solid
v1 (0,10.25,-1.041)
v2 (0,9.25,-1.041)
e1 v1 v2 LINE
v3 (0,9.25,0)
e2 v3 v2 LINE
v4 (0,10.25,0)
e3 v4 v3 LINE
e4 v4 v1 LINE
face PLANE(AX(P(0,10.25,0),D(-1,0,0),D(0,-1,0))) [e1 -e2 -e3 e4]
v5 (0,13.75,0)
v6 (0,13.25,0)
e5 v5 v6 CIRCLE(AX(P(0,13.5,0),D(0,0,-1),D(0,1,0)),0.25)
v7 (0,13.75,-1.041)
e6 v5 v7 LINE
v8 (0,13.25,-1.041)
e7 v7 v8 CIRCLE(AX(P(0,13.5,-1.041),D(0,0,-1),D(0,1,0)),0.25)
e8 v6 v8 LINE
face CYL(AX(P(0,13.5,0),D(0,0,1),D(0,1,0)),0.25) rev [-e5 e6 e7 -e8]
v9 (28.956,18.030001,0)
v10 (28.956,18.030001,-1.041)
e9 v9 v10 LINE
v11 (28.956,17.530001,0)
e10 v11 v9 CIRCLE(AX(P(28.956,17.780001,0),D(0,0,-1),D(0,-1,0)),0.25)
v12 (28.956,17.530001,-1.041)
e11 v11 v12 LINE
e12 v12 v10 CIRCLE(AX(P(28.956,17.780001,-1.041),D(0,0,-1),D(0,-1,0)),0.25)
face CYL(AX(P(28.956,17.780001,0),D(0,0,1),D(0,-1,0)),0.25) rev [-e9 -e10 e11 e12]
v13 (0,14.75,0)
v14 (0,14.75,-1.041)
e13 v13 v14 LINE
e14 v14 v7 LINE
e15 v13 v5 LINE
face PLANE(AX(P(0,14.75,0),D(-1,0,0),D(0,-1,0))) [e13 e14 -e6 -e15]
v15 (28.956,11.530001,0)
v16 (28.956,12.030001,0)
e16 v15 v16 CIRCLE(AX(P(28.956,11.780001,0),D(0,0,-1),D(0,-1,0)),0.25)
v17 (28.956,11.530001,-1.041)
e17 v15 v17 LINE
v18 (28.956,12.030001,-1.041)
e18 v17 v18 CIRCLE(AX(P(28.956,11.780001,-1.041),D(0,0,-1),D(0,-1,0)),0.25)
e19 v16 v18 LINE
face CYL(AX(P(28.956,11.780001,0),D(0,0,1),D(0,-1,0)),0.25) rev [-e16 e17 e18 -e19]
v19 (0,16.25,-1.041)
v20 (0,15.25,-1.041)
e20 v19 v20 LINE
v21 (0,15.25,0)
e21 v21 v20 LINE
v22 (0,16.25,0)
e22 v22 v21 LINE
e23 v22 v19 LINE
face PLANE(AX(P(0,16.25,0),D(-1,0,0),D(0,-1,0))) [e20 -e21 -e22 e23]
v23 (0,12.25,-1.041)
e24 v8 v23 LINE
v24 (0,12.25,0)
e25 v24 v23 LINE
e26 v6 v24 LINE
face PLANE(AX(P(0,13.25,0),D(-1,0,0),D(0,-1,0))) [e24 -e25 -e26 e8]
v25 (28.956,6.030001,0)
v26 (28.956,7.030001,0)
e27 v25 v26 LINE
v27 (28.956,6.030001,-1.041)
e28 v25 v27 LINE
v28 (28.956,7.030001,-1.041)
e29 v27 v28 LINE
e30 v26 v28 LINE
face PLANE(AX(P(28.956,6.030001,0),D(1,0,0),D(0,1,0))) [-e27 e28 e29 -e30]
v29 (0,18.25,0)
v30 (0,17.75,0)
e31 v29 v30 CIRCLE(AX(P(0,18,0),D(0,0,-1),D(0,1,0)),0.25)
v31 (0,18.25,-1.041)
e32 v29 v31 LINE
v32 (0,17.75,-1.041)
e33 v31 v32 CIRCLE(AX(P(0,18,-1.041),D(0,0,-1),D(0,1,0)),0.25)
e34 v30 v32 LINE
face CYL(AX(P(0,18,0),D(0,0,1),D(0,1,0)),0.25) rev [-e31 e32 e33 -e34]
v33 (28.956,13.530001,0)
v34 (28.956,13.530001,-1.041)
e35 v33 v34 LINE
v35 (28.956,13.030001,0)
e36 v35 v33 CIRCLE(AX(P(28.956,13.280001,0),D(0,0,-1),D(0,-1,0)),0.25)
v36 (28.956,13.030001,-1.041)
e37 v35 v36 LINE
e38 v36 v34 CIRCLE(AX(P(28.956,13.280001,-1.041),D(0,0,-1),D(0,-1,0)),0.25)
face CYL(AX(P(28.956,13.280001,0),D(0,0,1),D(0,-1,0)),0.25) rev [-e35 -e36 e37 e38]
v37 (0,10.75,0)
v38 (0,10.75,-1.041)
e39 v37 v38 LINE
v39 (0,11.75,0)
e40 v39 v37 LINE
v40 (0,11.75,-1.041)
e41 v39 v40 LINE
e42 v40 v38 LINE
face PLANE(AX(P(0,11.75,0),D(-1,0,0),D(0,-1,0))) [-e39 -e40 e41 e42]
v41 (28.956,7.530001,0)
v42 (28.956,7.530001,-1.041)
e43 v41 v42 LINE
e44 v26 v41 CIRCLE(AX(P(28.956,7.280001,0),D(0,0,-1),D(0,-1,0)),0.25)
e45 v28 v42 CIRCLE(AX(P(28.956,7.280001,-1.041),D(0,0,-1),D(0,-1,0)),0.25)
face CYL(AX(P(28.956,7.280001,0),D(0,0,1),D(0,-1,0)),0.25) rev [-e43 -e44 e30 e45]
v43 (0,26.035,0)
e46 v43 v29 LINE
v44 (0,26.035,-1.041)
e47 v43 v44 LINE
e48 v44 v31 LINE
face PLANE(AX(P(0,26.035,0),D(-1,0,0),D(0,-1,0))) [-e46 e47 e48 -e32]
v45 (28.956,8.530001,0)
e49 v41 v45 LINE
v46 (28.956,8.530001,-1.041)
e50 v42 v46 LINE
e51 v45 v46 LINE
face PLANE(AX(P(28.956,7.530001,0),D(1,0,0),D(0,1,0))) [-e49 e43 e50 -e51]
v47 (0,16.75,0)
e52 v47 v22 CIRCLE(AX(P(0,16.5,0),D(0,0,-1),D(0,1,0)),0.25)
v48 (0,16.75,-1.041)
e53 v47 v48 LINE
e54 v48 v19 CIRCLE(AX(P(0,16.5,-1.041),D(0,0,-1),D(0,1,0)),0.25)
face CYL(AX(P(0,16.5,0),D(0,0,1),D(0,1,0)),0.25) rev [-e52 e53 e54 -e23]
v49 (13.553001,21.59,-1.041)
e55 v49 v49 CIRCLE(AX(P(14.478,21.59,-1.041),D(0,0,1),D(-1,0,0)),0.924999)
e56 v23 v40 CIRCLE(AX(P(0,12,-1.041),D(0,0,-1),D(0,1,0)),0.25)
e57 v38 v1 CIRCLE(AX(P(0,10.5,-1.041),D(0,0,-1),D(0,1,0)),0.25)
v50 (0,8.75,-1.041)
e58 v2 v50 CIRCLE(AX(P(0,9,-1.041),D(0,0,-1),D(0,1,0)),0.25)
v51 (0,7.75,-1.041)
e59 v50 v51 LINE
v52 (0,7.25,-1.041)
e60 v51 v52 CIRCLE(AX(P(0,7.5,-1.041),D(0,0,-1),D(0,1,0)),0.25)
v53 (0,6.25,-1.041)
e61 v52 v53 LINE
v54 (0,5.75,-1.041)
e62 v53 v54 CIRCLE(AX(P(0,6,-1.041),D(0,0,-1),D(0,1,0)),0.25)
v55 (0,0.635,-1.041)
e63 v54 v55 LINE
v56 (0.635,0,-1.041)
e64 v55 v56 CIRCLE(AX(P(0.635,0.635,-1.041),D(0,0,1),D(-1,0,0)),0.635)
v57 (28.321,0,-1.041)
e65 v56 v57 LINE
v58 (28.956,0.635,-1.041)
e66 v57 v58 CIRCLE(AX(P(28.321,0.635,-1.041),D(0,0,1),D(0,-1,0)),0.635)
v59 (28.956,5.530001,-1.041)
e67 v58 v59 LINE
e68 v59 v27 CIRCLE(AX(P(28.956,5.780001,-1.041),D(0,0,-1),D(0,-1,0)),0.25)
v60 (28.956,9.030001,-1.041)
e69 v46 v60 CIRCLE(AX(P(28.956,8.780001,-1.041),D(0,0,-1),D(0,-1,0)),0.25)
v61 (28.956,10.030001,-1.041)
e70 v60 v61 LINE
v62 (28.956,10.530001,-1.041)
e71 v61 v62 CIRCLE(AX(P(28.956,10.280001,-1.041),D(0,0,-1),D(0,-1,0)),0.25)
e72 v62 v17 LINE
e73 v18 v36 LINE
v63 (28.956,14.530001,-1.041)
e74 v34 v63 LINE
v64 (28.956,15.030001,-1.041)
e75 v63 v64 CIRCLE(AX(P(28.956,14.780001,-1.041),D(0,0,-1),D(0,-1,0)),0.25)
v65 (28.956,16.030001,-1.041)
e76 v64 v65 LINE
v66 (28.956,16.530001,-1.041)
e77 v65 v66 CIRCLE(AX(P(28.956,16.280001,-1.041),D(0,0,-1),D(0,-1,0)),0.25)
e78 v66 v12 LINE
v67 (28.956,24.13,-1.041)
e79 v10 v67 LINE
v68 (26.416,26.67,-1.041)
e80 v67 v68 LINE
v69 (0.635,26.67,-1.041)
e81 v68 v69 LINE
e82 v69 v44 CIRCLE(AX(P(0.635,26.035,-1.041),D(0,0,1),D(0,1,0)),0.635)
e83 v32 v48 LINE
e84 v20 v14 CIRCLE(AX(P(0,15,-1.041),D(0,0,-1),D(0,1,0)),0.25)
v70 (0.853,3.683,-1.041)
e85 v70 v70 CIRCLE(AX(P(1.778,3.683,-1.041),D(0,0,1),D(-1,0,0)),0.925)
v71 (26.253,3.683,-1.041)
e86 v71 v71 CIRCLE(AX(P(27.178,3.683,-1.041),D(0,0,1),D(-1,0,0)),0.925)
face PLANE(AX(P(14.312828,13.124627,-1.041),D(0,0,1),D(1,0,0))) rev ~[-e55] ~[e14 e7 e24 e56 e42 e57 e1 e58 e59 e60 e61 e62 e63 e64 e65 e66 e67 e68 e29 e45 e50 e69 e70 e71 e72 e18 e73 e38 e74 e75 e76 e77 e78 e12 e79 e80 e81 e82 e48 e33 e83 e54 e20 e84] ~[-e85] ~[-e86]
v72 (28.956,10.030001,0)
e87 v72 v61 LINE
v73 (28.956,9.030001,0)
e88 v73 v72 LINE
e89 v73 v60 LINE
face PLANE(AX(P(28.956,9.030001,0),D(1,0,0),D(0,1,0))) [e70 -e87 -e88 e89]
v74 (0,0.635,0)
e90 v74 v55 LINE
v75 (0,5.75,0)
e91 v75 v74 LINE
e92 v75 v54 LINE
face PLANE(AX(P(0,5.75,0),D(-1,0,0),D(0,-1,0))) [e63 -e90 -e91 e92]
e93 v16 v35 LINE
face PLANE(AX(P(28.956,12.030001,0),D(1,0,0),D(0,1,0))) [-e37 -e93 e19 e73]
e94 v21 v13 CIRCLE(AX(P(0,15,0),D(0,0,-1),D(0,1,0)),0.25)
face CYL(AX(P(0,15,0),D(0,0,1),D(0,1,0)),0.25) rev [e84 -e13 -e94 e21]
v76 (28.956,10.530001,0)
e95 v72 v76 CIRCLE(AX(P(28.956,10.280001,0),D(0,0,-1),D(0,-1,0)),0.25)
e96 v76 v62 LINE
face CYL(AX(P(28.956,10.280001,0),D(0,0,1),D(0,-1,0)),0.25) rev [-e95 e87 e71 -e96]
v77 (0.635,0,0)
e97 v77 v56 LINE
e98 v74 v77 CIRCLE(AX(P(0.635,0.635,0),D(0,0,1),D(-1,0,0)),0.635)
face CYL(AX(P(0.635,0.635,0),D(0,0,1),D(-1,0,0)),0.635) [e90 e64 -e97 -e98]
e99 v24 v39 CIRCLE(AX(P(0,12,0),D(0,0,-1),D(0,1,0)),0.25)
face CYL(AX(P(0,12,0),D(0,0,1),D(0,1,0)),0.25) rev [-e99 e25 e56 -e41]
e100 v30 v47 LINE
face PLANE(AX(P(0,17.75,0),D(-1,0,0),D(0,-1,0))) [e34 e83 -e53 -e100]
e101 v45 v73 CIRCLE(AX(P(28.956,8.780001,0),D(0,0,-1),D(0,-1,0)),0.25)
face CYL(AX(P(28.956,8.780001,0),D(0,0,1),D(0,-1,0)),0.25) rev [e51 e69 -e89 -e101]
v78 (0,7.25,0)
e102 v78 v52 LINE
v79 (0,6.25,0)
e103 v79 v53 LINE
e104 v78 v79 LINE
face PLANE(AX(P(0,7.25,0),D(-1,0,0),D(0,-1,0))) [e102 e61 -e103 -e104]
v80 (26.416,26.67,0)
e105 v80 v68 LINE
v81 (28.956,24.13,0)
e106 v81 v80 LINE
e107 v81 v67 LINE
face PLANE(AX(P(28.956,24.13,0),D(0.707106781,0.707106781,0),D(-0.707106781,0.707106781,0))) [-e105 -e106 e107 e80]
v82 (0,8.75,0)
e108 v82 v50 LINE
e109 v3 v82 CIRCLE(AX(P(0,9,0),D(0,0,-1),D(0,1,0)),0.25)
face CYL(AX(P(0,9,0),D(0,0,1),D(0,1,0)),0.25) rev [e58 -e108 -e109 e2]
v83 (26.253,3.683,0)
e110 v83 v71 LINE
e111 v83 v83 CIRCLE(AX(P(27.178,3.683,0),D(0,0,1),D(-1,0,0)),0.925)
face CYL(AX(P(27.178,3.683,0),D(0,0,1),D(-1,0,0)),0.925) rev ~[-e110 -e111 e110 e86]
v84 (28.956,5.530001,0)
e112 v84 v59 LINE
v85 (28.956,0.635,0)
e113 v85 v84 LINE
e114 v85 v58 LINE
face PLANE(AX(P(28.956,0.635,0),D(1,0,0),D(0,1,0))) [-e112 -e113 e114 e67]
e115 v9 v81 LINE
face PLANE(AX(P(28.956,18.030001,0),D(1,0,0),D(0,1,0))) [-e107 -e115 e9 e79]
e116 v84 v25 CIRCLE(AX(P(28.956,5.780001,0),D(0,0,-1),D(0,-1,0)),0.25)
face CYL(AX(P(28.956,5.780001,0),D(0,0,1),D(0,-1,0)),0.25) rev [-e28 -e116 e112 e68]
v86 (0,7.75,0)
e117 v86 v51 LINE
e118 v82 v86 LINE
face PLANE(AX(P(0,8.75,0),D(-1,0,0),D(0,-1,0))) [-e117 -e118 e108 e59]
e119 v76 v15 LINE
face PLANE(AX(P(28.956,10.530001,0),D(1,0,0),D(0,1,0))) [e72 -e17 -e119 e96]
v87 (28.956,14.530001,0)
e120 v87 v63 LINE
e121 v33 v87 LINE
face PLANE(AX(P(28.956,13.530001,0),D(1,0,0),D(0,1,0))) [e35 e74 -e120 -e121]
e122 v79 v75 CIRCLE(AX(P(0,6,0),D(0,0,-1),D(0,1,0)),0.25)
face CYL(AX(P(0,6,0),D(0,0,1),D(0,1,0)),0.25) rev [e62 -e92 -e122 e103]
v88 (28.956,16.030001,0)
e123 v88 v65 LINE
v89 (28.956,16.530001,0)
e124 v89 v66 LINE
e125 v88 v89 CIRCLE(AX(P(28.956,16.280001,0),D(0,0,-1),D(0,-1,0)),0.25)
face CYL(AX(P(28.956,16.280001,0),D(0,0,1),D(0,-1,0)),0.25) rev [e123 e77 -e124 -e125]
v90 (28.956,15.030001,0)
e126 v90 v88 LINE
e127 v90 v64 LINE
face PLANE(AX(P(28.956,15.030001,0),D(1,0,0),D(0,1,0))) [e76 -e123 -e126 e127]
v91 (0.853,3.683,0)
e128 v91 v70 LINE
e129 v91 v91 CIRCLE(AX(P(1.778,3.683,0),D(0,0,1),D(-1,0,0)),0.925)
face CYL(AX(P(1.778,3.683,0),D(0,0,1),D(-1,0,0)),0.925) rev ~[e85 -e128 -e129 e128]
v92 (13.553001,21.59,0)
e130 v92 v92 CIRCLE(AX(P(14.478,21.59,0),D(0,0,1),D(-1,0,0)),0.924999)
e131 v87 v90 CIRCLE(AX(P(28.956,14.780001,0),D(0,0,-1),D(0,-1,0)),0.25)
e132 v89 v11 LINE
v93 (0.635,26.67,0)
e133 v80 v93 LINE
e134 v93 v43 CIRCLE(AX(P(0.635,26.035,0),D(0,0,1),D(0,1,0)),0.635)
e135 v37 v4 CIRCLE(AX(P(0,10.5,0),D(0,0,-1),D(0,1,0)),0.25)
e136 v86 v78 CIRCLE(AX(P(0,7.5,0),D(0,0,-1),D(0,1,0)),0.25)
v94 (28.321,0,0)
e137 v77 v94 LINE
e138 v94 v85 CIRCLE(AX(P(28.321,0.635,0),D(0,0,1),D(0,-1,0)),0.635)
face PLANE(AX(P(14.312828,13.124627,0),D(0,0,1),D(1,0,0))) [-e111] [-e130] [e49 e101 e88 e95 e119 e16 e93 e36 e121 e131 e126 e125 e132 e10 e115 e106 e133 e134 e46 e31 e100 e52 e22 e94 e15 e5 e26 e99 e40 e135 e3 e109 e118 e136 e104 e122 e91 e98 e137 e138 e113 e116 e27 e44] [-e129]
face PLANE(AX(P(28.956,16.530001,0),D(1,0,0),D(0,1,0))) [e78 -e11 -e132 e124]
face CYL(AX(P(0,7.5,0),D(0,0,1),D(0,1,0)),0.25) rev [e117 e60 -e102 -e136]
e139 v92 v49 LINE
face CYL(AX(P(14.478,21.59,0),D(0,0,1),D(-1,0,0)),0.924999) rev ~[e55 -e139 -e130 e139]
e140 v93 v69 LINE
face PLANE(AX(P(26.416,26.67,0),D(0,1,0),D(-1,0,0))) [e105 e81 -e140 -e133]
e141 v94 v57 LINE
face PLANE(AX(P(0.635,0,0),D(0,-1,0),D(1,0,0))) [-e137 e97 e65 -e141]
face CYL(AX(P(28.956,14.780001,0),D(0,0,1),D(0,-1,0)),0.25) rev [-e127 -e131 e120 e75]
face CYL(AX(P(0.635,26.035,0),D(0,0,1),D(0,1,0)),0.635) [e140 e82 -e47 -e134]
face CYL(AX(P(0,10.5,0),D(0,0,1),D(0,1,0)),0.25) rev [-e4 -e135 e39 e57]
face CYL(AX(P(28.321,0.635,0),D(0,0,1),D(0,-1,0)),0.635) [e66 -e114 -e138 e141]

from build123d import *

# Parameters (mm, degrees)
SKETCH1_R           = 0.925
SKETCH1_R_2         = 0.92499942
BOSS_EXTRUDE1_DEPTH = 1.041


with BuildPart() as part:
    # Sketch1 → Boss-Extrude1 (new body)
    with BuildSketch(Plane.XY):
        with BuildLine():
            Line((0, 5.75), (0, 0.635))
            ThreePointArc((0, 0.635), (0.185987194, 0.185987194), (0.635, 0))
            Line((0.635, 0), (28.321, 0))
            ThreePointArc((28.321, 0), (28.770012806, 0.185987194), (28.956, 0.635))
            Line((28.956, 0.635), (28.956, 5.53000114))
            ThreePointArc((28.956, 5.53000114), (28.706, 5.78000114), (28.956, 6.03000114))
            Line((28.956, 6.03000114), (28.956, 7.03000114))
            ThreePointArc((28.956, 7.03000114), (28.706, 7.28000114), (28.956, 7.53000114))
            Line((28.956, 7.53000114), (28.956, 8.53000114))
            ThreePointArc((28.956, 8.53000114), (28.706, 8.78000114), (28.956, 9.03000114))
            Line((28.956, 9.03000114), (28.956, 10.03000114))
            ThreePointArc((28.956, 10.03000114), (28.706, 10.28000114), (28.956, 10.53000114))
            Line((28.956, 10.53000114), (28.956, 11.53000114))
            ThreePointArc((28.956, 11.53000114), (28.706, 11.78000114), (28.956, 12.03000114))
            Line((28.956, 12.03000114), (28.956, 13.03000114))
            ThreePointArc((28.956, 13.03000114), (28.706, 13.28000114), (28.956, 13.53000114))
            Line((28.956, 13.53000114), (28.956, 14.53000114))
            ThreePointArc((28.956, 14.53000114), (28.706, 14.78000114), (28.956, 15.03000114))
            Line((28.956, 15.03000114), (28.956, 16.03000114))
            ThreePointArc((28.956, 16.03000114), (28.706, 16.28000114), (28.956, 16.53000114))
            Line((28.956, 16.53000114), (28.956, 17.53000114))
            ThreePointArc((28.956, 17.53000114), (28.706, 17.78000114), (28.956, 18.03000114))
            Line((28.956, 18.03000114), (28.956, 24.13))
            Line((28.956, 24.13), (26.416, 26.67))
            Line((26.416, 26.67), (0.635, 26.67))
            ThreePointArc((0.635, 26.67), (0.185987194, 26.484012806), (0, 26.035))
            Line((0, 26.035), (0, 18.25))
            ThreePointArc((0, 18.25), (0.25, 18), (0, 17.75))
            Line((0, 17.75), (0, 16.75))
            ThreePointArc((0, 16.75), (0.25, 16.5), (0, 16.25))
            Line((0, 16.25), (0, 15.25))
            ThreePointArc((0, 15.25), (0.25, 15), (0, 14.75))
            Line((0, 14.75), (0, 13.75))
            ThreePointArc((0, 13.75), (0.25, 13.5), (0, 13.25))
            Line((0, 13.25), (0, 12.25))
            ThreePointArc((0, 12.25), (0.25, 12), (0, 11.75))
            Line((0, 11.75), (0, 10.75))
            ThreePointArc((0, 10.75), (0.25, 10.5), (0, 10.25))
            Line((0, 10.25), (0, 9.25))
            ThreePointArc((0, 9.25), (0.25, 9), (0, 8.75))
            Line((0, 8.75), (0, 7.75))
            ThreePointArc((0, 7.75), (0.25, 7.5), (0, 7.25))
            Line((0, 7.25), (0, 6.25))
            ThreePointArc((0, 6.25), (0.25, 6), (0, 5.75))
        make_face()
        with Locations(Location((27.178, 3.683, 0), (0, 0, 180))):
            Circle(SKETCH1_R, mode=Mode.SUBTRACT)
        with Locations(Location((1.778, 3.683, 0), (0, 0, 180))):
            Circle(SKETCH1_R, mode=Mode.SUBTRACT)
        with Locations(Location((14.478, 21.59, 0), (0, 0, 180))):
            Circle(SKETCH1_R_2, mode=Mode.SUBTRACT)
    extrude(amount=-BOSS_EXTRUDE1_DEPTH)


solid = part.part
